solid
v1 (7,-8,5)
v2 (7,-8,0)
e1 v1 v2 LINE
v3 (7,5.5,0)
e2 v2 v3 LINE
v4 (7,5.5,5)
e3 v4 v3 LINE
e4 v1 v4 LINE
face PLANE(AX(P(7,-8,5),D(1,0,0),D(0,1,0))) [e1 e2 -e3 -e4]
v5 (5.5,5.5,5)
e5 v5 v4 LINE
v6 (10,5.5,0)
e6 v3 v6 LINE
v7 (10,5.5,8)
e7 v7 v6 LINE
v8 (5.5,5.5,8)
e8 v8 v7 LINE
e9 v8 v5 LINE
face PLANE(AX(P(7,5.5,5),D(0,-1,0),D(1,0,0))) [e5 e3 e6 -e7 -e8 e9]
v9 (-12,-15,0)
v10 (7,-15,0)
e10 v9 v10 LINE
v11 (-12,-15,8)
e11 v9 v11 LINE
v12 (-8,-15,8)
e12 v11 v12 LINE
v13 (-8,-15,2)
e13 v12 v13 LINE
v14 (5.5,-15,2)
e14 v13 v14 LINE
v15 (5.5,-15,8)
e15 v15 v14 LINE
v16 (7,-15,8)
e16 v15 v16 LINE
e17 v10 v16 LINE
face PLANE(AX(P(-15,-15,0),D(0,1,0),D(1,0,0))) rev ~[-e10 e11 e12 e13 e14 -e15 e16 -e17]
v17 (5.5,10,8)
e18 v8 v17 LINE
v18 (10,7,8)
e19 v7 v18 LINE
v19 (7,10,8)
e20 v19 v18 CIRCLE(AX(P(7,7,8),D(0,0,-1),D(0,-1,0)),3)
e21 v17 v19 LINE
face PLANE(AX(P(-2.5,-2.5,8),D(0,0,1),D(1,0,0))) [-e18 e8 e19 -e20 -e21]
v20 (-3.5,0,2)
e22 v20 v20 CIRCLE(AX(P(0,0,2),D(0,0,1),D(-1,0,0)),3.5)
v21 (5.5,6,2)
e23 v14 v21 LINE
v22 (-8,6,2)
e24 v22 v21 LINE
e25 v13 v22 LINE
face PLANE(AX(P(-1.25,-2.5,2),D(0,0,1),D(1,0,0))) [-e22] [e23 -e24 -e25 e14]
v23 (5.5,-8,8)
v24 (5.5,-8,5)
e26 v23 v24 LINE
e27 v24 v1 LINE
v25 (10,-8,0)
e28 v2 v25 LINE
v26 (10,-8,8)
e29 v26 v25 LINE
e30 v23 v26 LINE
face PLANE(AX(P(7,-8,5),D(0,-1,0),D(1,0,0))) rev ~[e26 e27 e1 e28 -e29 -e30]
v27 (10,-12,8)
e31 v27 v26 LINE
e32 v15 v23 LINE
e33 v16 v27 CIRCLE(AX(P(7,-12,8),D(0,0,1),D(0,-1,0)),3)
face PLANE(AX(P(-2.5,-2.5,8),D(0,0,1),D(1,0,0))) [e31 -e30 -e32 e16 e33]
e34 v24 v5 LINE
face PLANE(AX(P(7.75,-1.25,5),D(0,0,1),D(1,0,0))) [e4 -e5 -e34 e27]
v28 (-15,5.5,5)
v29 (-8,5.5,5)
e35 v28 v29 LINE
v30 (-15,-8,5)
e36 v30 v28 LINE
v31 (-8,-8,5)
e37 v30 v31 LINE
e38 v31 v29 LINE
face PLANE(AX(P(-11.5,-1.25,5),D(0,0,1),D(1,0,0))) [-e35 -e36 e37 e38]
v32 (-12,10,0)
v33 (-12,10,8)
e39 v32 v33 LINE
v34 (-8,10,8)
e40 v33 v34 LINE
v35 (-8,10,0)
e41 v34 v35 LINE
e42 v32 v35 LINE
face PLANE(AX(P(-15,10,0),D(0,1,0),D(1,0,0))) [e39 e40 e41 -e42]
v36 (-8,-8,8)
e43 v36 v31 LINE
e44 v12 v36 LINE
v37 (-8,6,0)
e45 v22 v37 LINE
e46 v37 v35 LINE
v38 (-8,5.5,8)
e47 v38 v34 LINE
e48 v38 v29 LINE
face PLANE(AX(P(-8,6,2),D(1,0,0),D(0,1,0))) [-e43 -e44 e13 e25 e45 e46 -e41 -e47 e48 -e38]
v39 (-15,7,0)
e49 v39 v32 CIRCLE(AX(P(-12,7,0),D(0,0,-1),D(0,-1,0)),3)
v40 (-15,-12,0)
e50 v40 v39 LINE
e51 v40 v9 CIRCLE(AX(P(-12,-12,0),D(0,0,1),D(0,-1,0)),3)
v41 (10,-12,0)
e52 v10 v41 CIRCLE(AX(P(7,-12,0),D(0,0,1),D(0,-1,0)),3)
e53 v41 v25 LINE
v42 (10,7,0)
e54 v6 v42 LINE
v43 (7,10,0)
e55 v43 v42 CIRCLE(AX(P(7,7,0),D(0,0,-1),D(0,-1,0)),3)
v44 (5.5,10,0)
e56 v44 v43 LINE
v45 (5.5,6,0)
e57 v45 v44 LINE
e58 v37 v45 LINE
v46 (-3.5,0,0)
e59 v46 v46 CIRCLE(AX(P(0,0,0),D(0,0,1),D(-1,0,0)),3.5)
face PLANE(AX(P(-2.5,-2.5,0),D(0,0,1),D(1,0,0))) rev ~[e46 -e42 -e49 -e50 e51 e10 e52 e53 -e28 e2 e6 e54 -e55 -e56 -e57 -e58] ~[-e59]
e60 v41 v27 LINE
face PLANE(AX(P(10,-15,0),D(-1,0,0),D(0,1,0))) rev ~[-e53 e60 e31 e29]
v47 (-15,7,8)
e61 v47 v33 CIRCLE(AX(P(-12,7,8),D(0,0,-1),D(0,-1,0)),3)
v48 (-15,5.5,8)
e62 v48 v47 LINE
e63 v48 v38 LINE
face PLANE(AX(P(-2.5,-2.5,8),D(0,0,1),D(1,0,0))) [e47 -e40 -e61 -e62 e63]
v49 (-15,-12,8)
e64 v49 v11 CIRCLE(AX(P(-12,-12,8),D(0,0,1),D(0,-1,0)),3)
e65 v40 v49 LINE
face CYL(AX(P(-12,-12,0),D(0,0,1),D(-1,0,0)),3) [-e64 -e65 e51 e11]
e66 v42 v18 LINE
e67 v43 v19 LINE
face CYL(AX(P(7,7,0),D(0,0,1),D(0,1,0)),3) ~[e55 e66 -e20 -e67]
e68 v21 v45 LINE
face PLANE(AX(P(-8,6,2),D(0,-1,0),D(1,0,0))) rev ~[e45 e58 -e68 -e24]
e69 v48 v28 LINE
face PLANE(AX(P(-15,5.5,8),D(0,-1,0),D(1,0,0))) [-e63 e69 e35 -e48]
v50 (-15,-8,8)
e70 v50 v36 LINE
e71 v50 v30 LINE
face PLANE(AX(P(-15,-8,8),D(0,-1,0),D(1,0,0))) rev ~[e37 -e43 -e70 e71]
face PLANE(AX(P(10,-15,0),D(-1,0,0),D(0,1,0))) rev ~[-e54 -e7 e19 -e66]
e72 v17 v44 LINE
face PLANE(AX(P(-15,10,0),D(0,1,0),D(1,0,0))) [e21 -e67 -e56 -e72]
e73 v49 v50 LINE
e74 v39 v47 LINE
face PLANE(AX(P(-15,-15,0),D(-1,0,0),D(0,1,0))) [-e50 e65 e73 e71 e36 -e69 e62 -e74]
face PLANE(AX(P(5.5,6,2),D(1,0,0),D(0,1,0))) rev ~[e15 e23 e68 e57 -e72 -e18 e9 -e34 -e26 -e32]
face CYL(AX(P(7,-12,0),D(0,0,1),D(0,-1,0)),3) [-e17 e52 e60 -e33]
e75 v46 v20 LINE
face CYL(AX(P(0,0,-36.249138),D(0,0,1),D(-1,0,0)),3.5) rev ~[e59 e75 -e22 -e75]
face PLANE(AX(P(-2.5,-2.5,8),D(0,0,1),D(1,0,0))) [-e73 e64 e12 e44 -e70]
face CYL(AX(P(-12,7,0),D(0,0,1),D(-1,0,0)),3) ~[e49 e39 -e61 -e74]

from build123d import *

# Parameters (mm, degrees)
F0_W      = 25
F0_H      = 25
F1_DEPTH  = 8
F2_W      = 13.5
F2_H      = 25
F3_DEPTH  = 6
F4_R      = 3
F5_DEPTH  = 6
F6_W      = 7
F6_H      = 13.5
F7_DEPTH  = 3
F8_W      = 4.5
F8_H      = 13.5
F9_DEPTH  = 3
F10_W     = 3
F10_H     = 13.5
F11_DEPTH = 6
F12_W     = 13.5
F12_H     = 4
F13_DEPTH = 3
F15_D     = 7


with BuildPart() as f1:
    # F0 (on Top) → F1 (new body)
    with BuildSketch(Plane.XY):
        with Locations((-2.5, -2.5)):
            Rectangle(F0_W, F0_H)
    extrude(amount=F1_DEPTH)

    # F2 (on face) → F3 (cut)
    with BuildSketch(Plane.XY.offset(8)):
        with Locations((-1.25, -2.5)):
            Rectangle(F2_W, F2_H)
    extrude(amount=-F3_DEPTH, mode=Mode.SUBTRACT)

    # F4
    f4_edges = [f1.edges().sort_by_distance(p)[0] for p in [
        (10, -15, 4),
        (10, 10, 4),
        (-15, 10, 4),
        (-15, -15, 4),
    ]]
    fillet(f4_edges, radius=F4_R)

    # F2 (on face) → F5 (cut)
    with BuildSketch(Plane.XY.offset(8)):
        with Locations((-1.25, -2.5)):
            Rectangle(F2_W, F2_H)
    extrude(amount=-F5_DEPTH, mode=Mode.SUBTRACT)

    # F6 (on face) → F7 (cut)
    with BuildSketch(Plane.XY.offset(8)):
        with Locations((-11.5, -1.25)):
            Rectangle(F6_W, F6_H)
    extrude(amount=-F7_DEPTH, mode=Mode.SUBTRACT)

    # F8 (on face) → F9 (cut)
    with BuildSketch(Plane.XY.offset(8)):
        with Locations((7.75, -1.25)):
            Rectangle(F8_W, F8_H)
    extrude(amount=-F9_DEPTH, mode=Mode.SUBTRACT)

    # F10 (on face) → F11 (cut)
    with BuildSketch(Plane.XY.offset(5)):
        with Locations((8.5, -1.25)):
            Rectangle(F10_W, F10_H)
    extrude(amount=-F11_DEPTH, mode=Mode.SUBTRACT)

    # F12 (on face) → F13 (cut)
    with BuildSketch(Plane.XY.offset(2)):
        with Locations((-1.25, 8)):
            Rectangle(F12_W, F12_H)
    extrude(amount=-F13_DEPTH, mode=Mode.SUBTRACT)

    # F15 (through all)
    with Locations(Plane(origin=(0, 0, 0), x_dir=(1, 0, 0), z_dir=(0, 0, -1))):
        with Locations((0, 0)):
            Hole(F15_D / 2)


solid = f1.part
